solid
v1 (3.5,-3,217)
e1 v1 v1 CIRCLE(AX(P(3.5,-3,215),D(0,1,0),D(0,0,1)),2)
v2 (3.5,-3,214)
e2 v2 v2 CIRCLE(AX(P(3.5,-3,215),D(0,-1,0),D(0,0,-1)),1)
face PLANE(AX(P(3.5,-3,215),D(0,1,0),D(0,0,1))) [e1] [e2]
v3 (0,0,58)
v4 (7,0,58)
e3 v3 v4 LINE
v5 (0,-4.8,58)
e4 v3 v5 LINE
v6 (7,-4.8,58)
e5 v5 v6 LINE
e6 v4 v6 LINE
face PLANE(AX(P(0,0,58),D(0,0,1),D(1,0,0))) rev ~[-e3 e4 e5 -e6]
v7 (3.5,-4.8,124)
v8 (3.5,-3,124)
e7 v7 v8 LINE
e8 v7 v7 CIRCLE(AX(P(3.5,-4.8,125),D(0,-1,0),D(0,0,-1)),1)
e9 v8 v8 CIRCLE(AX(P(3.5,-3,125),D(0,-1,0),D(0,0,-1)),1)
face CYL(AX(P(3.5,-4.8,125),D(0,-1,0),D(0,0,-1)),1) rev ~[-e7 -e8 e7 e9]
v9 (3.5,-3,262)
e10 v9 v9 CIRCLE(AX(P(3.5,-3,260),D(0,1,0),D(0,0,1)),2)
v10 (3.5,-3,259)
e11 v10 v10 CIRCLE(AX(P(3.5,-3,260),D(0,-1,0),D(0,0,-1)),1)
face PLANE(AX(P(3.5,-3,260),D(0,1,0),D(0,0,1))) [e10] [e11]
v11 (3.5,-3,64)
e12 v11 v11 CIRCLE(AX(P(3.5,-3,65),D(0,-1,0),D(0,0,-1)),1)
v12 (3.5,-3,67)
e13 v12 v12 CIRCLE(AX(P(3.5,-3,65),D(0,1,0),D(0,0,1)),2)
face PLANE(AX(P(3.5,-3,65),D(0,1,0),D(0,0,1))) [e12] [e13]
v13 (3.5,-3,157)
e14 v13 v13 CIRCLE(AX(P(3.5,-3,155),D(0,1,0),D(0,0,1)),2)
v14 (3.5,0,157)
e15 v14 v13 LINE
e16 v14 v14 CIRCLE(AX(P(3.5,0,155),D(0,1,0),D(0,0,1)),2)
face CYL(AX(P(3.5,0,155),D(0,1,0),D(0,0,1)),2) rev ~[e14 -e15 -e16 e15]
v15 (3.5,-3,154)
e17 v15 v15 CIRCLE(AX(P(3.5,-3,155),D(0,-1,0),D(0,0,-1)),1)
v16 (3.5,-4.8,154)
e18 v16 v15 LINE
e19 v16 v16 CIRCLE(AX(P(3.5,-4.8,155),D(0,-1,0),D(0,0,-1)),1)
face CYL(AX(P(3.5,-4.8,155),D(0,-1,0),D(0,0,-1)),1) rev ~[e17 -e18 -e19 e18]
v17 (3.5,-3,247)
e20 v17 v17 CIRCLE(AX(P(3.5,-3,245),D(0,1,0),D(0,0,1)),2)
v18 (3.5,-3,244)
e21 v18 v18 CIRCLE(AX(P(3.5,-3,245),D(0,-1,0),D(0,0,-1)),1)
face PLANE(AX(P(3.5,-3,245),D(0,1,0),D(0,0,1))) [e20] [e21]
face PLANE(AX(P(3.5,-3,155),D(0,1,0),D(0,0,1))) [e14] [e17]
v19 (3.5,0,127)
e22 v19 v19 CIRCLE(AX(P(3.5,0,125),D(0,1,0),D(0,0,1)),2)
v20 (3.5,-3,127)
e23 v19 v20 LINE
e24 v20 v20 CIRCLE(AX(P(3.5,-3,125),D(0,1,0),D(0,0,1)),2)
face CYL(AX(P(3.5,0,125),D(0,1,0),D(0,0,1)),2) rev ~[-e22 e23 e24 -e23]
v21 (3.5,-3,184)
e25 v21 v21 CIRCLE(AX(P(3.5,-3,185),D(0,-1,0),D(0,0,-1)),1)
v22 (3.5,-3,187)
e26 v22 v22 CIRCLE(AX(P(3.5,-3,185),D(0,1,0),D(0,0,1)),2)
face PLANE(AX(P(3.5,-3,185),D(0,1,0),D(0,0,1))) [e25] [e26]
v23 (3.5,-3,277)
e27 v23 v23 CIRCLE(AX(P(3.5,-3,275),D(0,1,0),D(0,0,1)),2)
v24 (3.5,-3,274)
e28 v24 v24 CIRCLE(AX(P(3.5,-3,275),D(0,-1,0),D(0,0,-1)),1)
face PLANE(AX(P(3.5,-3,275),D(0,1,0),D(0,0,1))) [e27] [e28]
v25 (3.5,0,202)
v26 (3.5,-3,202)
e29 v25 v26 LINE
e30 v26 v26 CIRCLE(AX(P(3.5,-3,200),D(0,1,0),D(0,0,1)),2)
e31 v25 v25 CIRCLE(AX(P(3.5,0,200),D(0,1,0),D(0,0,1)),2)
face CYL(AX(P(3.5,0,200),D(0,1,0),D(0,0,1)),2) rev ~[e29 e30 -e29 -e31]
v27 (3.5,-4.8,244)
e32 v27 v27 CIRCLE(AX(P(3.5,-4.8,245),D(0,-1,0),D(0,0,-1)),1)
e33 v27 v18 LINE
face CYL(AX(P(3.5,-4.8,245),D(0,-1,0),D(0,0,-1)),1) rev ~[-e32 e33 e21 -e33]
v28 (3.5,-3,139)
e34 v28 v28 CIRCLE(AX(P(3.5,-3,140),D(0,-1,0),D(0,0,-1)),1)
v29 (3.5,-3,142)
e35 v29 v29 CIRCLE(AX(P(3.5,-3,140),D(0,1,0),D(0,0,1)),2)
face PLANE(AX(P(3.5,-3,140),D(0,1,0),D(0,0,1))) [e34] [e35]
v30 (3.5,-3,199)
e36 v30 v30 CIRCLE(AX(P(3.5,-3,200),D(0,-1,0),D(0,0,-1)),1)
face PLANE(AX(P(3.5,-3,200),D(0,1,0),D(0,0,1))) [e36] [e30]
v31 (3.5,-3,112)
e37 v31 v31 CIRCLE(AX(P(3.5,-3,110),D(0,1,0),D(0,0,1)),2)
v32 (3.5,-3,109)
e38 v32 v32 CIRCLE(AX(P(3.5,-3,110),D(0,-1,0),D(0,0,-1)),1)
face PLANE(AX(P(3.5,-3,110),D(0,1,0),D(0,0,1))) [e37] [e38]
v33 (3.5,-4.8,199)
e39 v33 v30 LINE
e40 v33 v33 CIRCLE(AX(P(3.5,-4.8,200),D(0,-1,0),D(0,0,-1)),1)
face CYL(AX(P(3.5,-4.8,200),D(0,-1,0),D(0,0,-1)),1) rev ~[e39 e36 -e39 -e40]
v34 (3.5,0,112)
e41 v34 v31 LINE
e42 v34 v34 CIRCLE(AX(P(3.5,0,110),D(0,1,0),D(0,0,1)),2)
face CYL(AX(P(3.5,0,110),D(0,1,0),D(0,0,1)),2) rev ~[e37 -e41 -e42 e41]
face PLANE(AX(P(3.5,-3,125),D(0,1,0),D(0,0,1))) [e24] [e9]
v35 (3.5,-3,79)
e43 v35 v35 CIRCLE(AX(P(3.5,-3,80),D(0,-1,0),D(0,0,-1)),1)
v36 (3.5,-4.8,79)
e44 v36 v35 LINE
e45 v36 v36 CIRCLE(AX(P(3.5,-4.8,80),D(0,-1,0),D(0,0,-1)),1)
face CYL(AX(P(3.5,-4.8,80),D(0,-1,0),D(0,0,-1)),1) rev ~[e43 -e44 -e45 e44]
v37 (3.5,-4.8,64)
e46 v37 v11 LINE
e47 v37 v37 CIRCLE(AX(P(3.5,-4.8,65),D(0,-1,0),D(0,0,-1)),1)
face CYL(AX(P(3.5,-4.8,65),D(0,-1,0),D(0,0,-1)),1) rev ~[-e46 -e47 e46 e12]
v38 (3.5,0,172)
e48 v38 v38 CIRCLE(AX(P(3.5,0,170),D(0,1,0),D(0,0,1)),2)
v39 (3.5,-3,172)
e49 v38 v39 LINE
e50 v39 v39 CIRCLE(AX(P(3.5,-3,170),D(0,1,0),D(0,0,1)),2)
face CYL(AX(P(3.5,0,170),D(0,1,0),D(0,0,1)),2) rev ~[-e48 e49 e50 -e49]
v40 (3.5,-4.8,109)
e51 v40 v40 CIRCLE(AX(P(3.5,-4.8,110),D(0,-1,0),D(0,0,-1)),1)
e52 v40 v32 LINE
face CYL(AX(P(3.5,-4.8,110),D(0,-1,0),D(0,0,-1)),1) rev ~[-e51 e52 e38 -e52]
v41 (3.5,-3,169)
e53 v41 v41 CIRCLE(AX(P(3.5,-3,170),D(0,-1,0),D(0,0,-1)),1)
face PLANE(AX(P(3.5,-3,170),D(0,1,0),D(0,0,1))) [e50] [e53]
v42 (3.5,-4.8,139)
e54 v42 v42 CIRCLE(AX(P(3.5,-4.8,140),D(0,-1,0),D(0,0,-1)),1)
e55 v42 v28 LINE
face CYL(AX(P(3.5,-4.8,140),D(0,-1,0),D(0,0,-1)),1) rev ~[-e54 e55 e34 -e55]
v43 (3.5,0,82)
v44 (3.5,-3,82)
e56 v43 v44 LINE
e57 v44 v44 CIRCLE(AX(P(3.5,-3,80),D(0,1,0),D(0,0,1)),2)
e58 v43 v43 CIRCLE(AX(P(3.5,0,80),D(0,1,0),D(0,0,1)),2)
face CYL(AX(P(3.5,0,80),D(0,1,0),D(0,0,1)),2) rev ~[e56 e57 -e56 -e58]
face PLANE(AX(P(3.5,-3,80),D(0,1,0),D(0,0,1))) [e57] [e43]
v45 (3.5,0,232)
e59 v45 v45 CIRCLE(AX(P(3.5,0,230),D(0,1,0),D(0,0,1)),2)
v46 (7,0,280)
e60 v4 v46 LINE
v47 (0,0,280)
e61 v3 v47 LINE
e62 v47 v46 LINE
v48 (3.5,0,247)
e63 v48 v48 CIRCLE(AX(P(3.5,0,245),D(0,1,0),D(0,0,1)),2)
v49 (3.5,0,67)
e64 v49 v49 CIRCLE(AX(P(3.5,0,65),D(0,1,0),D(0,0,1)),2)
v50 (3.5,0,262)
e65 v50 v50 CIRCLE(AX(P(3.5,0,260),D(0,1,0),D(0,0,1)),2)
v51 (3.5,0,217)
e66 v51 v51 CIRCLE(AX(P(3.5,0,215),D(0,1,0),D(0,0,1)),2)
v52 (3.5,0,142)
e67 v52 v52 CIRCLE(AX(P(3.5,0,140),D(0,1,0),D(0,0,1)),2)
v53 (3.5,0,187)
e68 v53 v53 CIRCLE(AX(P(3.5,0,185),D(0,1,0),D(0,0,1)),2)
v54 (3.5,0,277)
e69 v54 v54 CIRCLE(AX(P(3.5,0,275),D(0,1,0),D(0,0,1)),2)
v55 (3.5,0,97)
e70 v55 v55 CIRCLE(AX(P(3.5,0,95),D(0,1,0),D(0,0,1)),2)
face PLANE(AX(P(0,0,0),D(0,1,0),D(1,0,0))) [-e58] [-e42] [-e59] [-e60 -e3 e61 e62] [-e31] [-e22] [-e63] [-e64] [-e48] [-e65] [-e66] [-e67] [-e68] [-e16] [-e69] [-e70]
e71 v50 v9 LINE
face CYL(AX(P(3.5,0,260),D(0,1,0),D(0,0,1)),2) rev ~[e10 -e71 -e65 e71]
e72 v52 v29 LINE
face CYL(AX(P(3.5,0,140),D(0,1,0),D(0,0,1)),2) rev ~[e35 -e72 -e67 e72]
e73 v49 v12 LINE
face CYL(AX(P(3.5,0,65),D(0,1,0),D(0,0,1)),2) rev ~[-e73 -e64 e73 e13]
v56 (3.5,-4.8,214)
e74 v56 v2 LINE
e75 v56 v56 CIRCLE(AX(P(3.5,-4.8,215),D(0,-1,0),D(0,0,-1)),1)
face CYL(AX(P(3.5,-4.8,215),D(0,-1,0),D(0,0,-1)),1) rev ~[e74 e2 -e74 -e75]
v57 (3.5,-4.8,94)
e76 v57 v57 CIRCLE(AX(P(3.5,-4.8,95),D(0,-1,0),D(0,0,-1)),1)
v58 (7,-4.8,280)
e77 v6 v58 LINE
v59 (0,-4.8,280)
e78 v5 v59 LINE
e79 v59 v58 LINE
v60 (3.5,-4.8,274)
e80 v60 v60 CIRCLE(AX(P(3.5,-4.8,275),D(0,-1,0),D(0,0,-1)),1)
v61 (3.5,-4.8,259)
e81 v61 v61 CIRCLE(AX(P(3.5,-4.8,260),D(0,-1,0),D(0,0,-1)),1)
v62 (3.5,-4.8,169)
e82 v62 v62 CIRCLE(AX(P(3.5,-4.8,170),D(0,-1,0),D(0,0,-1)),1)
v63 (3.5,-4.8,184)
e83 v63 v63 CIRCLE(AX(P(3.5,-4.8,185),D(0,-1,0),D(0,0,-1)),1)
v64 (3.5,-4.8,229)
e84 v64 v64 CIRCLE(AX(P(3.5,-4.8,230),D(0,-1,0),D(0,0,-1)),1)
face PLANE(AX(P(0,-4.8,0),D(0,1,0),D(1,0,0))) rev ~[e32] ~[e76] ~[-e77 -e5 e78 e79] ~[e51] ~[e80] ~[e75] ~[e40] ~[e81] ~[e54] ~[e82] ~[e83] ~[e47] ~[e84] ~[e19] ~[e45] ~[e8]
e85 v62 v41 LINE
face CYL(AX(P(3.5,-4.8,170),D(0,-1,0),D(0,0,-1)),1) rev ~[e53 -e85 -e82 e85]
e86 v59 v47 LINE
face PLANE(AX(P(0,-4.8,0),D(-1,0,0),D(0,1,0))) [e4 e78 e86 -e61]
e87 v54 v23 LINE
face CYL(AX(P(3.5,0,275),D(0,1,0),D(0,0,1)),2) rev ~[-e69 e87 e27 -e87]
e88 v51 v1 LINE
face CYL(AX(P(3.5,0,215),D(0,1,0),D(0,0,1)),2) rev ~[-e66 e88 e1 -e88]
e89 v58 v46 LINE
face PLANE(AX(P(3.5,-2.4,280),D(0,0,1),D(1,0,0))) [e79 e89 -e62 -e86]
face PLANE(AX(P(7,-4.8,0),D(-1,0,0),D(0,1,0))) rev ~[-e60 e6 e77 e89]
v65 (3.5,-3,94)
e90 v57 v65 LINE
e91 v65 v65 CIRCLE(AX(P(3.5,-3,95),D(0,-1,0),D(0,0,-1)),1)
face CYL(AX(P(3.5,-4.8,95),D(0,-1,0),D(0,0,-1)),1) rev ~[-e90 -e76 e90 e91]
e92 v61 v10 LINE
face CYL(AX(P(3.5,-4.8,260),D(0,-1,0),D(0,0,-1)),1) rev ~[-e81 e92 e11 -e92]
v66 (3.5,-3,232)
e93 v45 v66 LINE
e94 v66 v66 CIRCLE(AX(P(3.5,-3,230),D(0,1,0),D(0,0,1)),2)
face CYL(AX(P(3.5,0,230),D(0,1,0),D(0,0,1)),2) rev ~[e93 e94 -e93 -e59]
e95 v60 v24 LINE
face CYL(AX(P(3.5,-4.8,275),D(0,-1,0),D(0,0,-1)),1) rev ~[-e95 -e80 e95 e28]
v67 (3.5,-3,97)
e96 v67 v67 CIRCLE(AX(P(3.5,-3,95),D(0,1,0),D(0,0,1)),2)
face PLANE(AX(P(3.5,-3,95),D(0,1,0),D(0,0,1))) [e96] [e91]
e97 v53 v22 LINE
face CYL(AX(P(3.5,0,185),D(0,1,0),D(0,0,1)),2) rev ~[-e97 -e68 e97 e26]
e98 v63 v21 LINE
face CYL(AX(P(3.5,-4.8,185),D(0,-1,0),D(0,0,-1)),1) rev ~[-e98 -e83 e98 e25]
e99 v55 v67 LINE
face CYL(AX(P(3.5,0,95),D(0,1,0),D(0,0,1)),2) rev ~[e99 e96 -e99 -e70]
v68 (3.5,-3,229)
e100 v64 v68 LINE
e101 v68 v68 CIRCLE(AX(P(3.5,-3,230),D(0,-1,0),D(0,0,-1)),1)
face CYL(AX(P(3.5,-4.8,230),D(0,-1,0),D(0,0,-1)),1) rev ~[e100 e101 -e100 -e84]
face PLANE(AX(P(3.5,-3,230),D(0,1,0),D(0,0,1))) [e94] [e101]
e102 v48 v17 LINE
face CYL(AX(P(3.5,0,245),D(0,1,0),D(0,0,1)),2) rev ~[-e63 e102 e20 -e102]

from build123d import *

# Parameters (mm, degrees)
SKETCH_1_W             = 7
SKETCH_1_H             = 4.8
EXTRUDE_1_DEPTH        = 280
SKETCH_2_R             = 2
CUT_EXTRUDE_1_DEPTH    = 3
PATTERN_LINEAR_1_COUNT = 19
PATTERN_LINEAR_1_PITCH = 15
SKETCH_3_R             = 1
CUT_EXTRUDE_2_DEPTH    = 3
PATTERN_LINEAR_2_COUNT = 19
PATTERN_LINEAR_2_PITCH = 15
SKETCH_4_W             = 7
SKETCH_4_H             = 58
CUT_EXTRUDE_3_DEPTH    = 10


with BuildPart() as part:
    # 草图1 → 凸台-拉伸1 (new body)
    with BuildSketch(Plane.XY):
        with Locations((3.5, -2.4)):
            Rectangle(SKETCH_1_W, SKETCH_1_H)
    extrude(amount=EXTRUDE_1_DEPTH)

    # 草图2 → 切除-拉伸1 (cut)
    with BuildSketch(Plane(origin=(0, 0, 0), x_dir=(1, 0, 0), z_dir=(0, 1, 0))):
        with Locations(Location((3.5, -5, 0), (0, 0, 270))):
            Circle(SKETCH_2_R)
    cut_extrude_1 = extrude(amount=-CUT_EXTRUDE_1_DEPTH, mode=Mode.SUBTRACT)

    # 阵列(线性)1: 切除-拉伸1 ×19
    with Locations(*[(0, 0, i * PATTERN_LINEAR_1_PITCH) for i in range(1, PATTERN_LINEAR_1_COUNT)]):
        add(cut_extrude_1, mode=Mode.SUBTRACT)

    # 草图3 → 切除-拉伸2 (cut)
    with BuildSketch(Plane(origin=(0, -4.8, 0), x_dir=(-1, 0, 0), z_dir=(0, -1, 0))):
        with Locations(Location((-3.5, -5, 0), (0, 0, 90))):
            Circle(SKETCH_3_R)
    cut_extrude_2 = extrude(amount=-CUT_EXTRUDE_2_DEPTH, mode=Mode.SUBTRACT)

    # 阵列(线性)2: 切除-拉伸2 ×19
    with Locations(*[(0, 0, i * PATTERN_LINEAR_2_PITCH) for i in range(1, PATTERN_LINEAR_2_COUNT)]):
        add(cut_extrude_2, mode=Mode.SUBTRACT)

    # 草图4 → 切除-拉伸3 (cut)
    with BuildSketch(Plane(origin=(0, 0, 0), x_dir=(1, 0, 0), z_dir=(0, 1, 0))):
        with Locations((3.5, -29)):
            Rectangle(SKETCH_4_W, SKETCH_4_H)
    extrude(amount=-CUT_EXTRUDE_3_DEPTH, mode=Mode.SUBTRACT)


solid = part.part
